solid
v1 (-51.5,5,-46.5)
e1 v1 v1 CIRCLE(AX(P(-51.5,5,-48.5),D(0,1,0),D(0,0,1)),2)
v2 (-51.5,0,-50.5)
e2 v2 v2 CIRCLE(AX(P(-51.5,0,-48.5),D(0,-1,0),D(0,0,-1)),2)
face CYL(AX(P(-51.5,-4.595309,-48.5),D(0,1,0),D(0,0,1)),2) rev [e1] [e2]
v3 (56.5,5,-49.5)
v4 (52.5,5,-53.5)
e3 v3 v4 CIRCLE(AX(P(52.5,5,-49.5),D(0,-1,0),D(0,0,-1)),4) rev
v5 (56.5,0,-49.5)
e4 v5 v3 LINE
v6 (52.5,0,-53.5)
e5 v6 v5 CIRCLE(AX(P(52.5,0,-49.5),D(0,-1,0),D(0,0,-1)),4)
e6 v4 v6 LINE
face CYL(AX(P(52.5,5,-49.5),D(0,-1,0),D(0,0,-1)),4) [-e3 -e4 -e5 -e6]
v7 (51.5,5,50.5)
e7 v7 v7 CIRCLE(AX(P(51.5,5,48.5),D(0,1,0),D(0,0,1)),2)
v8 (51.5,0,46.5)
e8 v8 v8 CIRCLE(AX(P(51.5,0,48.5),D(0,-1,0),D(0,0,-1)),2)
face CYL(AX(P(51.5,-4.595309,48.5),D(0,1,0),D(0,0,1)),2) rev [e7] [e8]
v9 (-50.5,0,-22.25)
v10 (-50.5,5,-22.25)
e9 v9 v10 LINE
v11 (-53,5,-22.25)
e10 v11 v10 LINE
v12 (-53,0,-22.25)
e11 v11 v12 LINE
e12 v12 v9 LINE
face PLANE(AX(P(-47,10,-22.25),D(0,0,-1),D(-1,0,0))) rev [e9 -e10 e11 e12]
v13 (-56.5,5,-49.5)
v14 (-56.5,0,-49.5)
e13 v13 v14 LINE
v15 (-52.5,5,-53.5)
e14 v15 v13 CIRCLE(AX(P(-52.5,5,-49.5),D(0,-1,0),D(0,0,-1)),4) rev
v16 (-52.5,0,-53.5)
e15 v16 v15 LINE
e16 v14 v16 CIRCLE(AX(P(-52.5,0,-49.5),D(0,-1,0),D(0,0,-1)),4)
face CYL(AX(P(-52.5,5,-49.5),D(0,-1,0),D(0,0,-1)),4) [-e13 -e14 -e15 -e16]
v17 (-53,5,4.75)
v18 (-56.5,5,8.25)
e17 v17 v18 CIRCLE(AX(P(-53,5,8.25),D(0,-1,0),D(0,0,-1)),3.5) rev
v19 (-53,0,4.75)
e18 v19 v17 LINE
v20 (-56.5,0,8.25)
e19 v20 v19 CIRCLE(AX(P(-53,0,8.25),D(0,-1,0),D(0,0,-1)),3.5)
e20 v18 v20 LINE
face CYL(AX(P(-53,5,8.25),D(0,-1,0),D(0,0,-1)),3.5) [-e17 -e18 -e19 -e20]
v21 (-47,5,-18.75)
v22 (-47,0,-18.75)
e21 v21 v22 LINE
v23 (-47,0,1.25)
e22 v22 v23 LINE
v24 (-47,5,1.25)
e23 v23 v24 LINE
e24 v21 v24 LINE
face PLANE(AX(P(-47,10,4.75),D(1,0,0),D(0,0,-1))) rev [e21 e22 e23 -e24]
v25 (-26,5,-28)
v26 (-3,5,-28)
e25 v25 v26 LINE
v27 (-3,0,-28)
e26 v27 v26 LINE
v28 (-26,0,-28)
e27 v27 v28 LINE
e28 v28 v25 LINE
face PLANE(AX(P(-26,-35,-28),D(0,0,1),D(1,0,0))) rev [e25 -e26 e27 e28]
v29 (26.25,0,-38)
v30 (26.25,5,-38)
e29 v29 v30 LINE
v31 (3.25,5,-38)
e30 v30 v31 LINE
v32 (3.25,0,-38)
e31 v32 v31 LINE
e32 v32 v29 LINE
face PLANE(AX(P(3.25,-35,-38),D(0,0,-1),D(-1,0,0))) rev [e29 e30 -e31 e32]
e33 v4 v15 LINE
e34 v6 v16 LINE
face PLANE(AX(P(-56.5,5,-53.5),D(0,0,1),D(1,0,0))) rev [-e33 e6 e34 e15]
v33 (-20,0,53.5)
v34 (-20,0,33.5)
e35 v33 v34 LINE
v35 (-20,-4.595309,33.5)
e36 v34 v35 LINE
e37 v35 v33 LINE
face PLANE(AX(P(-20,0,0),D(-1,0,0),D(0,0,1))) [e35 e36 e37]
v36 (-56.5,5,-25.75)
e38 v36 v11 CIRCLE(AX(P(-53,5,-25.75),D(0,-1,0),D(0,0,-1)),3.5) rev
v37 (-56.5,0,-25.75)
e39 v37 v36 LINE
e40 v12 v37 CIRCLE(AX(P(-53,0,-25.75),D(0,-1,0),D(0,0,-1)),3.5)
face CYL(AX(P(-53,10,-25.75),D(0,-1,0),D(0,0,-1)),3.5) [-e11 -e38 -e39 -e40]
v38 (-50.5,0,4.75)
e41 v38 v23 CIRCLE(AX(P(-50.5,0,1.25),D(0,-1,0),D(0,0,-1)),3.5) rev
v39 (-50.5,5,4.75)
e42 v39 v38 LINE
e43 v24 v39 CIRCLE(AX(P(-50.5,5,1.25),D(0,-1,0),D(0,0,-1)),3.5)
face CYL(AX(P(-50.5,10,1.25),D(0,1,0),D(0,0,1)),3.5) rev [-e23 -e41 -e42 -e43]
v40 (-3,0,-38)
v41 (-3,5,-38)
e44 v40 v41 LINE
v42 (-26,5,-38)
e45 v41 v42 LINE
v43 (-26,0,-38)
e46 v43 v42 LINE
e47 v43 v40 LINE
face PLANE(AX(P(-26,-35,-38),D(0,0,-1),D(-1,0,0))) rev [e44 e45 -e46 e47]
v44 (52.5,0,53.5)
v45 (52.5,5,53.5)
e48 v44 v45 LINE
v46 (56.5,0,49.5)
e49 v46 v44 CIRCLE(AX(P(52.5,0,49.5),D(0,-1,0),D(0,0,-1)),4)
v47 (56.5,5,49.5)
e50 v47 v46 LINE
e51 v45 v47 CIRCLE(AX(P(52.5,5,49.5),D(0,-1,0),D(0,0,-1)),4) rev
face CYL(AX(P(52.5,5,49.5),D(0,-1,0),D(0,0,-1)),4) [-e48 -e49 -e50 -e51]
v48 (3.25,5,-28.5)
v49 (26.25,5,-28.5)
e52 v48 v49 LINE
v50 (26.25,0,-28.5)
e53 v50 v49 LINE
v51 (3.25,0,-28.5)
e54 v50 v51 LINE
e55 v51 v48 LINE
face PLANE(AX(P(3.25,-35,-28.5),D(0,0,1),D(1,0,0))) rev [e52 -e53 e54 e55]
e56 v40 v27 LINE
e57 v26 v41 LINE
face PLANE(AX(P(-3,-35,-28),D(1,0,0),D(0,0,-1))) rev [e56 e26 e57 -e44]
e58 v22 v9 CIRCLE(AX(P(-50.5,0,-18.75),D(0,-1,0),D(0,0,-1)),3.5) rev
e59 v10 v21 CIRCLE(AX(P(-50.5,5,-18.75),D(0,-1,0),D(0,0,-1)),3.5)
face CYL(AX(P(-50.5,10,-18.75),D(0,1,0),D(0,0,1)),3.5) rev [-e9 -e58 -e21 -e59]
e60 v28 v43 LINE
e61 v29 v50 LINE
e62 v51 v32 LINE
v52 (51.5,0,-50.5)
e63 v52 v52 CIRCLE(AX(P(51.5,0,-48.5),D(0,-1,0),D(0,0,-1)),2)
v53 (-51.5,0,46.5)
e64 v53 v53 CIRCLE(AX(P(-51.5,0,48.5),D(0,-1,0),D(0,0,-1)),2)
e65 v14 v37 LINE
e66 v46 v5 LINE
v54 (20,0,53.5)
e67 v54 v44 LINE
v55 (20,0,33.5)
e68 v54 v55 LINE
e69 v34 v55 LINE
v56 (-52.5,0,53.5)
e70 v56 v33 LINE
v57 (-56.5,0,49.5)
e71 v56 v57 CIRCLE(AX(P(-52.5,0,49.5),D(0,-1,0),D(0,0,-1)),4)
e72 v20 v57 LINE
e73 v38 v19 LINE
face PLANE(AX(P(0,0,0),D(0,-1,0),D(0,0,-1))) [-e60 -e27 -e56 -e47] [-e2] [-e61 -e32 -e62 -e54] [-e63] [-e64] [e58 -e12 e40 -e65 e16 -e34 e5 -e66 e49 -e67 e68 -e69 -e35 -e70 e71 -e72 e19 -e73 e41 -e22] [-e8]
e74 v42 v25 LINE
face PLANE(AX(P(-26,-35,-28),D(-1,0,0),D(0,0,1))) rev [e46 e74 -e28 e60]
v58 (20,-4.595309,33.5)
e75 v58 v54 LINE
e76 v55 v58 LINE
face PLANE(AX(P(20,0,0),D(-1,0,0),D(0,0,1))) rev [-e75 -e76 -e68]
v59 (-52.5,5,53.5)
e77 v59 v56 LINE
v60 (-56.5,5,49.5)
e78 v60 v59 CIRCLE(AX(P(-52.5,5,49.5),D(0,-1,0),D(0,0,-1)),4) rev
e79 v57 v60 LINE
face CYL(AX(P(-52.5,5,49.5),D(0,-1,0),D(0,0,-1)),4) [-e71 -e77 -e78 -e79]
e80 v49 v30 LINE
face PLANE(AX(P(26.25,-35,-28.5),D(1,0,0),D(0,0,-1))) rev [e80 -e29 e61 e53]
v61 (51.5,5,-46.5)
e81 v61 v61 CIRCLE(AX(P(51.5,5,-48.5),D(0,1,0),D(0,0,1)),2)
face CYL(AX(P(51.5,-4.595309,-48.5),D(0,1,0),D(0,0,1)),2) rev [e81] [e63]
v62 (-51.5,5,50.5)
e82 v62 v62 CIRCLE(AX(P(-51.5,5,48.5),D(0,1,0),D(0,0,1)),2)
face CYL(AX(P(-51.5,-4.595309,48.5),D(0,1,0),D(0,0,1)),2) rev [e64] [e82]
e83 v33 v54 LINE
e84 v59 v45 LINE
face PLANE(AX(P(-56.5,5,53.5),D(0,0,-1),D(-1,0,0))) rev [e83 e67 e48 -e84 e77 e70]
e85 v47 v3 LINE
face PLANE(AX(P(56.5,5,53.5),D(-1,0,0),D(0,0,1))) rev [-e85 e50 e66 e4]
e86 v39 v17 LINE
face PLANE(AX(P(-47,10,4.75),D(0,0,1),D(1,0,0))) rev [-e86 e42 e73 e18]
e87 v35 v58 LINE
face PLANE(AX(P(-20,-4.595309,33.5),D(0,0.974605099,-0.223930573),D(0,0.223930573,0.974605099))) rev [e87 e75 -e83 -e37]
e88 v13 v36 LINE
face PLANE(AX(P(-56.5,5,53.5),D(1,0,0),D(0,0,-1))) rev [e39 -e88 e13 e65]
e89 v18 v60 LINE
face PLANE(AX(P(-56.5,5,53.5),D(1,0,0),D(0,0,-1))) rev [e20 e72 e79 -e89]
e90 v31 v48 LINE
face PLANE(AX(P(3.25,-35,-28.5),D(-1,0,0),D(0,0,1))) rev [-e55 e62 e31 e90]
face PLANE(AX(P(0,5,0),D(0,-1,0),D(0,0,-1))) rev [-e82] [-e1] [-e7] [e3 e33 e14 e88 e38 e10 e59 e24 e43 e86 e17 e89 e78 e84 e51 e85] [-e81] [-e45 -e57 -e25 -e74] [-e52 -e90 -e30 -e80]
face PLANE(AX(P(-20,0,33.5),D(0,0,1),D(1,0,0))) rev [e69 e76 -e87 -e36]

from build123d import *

# Parameters (mm, degrees)
SKETCH1_W                  = 113
SKETCH1_H                  = 107
MAIN_BODY_BACK_PLATE_DEPTH = 5
HEIGHT_ADJUST_DEPTH        = 20
SKETCH4_W                  = 23
SKETCH4_H                  = 10
SKETCH4_H_2                = 9.5
HOLE_POSTITIONS_DEPTH      = 40
SKETCH5_R                  = 2
SCREW_HOLES_DEPTH          = 10.59530888
FILLET1_R                  = 4
SKETCH6_W                  = 9.5
SKETCH6_H                  = 27
CUT_EXTRUDE1_DEPTH         = 10
FILLET2_R                  = 3.5


with BuildPart() as part:
    # Sketch1 → Main Body Back Plate (new body)
    with BuildSketch(Plane(origin=(0, 0, 0), x_dir=(1, 0, 0), z_dir=(0, 1, 0))):
        Rectangle(SKETCH1_W, SKETCH1_H)
    extrude(amount=MAIN_BODY_BACK_PLATE_DEPTH)

    # Sketch3 → Height Adjust (add, symmetric)
    with BuildSketch(Plane.ZY):
        Polygon((33.5, 0), (33.5, -4.59530888), (53.5, 0), align=None)
    extrude(amount=HEIGHT_ADJUST_DEPTH, both=True)

    # Sketch4 → Hole Postitions (cut)
    with BuildSketch(Plane(origin=(0, 5, 0), x_dir=(1, 0, 0), z_dir=(0, 1, 0))):
        with Locations((-14.5, 33)):
            Rectangle(SKETCH4_W, SKETCH4_H)
        with Locations((14.75, 33.25)):
            Rectangle(SKETCH4_W, SKETCH4_H_2)
    extrude(amount=-HOLE_POSTITIONS_DEPTH, mode=Mode.SUBTRACT)

    # Sketch5 → Screw Holes (cut, through all)
    with BuildSketch(Plane(origin=(0, 5, 0), x_dir=(1, 0, 0), z_dir=(0, 1, 0))):
        with Locations((-51.5, 48.5)):
            Circle(SKETCH5_R)
        with Locations((-51.5, -48.5)):
            Circle(SKETCH5_R)
        with Locations((51.5, -48.5)):
            Circle(SKETCH5_R)
        with Locations((51.5, 48.5)):
            Circle(SKETCH5_R)
    extrude(amount=-SCREW_HOLES_DEPTH, mode=Mode.SUBTRACT)

    # Fillet1
    fillet1_edges = [part.edges().sort_by_distance(p)[0] for p in [
        (56.5, 2.5, 53.5),
        (-56.5, 2.5, 53.5),
        (-56.5, 2.5, -53.5),
        (56.5, 2.5, -53.5),
    ]]
    fillet(fillet1_edges, radius=FILLET1_R)

    # Sketch6 → Cut-Extrude1 (cut)
    with BuildSketch(Plane.XZ):
        with Locations((-51.75, -8.75)):
            Rectangle(SKETCH6_W, SKETCH6_H)
    extrude(amount=-CUT_EXTRUDE1_DEPTH, mode=Mode.SUBTRACT)

    # Fillet2
    fillet2_edges = [part.edges().sort_by_distance(p)[0] for p in [
        (-56.5, 2.5, -22.25),
        (-56.5, 2.5, 4.75),
        (-47, 2.5, 4.75),
        (-47, 2.5, -22.25),
    ]]
    fillet(fillet2_edges, radius=FILLET2_R)


solid = part.part
